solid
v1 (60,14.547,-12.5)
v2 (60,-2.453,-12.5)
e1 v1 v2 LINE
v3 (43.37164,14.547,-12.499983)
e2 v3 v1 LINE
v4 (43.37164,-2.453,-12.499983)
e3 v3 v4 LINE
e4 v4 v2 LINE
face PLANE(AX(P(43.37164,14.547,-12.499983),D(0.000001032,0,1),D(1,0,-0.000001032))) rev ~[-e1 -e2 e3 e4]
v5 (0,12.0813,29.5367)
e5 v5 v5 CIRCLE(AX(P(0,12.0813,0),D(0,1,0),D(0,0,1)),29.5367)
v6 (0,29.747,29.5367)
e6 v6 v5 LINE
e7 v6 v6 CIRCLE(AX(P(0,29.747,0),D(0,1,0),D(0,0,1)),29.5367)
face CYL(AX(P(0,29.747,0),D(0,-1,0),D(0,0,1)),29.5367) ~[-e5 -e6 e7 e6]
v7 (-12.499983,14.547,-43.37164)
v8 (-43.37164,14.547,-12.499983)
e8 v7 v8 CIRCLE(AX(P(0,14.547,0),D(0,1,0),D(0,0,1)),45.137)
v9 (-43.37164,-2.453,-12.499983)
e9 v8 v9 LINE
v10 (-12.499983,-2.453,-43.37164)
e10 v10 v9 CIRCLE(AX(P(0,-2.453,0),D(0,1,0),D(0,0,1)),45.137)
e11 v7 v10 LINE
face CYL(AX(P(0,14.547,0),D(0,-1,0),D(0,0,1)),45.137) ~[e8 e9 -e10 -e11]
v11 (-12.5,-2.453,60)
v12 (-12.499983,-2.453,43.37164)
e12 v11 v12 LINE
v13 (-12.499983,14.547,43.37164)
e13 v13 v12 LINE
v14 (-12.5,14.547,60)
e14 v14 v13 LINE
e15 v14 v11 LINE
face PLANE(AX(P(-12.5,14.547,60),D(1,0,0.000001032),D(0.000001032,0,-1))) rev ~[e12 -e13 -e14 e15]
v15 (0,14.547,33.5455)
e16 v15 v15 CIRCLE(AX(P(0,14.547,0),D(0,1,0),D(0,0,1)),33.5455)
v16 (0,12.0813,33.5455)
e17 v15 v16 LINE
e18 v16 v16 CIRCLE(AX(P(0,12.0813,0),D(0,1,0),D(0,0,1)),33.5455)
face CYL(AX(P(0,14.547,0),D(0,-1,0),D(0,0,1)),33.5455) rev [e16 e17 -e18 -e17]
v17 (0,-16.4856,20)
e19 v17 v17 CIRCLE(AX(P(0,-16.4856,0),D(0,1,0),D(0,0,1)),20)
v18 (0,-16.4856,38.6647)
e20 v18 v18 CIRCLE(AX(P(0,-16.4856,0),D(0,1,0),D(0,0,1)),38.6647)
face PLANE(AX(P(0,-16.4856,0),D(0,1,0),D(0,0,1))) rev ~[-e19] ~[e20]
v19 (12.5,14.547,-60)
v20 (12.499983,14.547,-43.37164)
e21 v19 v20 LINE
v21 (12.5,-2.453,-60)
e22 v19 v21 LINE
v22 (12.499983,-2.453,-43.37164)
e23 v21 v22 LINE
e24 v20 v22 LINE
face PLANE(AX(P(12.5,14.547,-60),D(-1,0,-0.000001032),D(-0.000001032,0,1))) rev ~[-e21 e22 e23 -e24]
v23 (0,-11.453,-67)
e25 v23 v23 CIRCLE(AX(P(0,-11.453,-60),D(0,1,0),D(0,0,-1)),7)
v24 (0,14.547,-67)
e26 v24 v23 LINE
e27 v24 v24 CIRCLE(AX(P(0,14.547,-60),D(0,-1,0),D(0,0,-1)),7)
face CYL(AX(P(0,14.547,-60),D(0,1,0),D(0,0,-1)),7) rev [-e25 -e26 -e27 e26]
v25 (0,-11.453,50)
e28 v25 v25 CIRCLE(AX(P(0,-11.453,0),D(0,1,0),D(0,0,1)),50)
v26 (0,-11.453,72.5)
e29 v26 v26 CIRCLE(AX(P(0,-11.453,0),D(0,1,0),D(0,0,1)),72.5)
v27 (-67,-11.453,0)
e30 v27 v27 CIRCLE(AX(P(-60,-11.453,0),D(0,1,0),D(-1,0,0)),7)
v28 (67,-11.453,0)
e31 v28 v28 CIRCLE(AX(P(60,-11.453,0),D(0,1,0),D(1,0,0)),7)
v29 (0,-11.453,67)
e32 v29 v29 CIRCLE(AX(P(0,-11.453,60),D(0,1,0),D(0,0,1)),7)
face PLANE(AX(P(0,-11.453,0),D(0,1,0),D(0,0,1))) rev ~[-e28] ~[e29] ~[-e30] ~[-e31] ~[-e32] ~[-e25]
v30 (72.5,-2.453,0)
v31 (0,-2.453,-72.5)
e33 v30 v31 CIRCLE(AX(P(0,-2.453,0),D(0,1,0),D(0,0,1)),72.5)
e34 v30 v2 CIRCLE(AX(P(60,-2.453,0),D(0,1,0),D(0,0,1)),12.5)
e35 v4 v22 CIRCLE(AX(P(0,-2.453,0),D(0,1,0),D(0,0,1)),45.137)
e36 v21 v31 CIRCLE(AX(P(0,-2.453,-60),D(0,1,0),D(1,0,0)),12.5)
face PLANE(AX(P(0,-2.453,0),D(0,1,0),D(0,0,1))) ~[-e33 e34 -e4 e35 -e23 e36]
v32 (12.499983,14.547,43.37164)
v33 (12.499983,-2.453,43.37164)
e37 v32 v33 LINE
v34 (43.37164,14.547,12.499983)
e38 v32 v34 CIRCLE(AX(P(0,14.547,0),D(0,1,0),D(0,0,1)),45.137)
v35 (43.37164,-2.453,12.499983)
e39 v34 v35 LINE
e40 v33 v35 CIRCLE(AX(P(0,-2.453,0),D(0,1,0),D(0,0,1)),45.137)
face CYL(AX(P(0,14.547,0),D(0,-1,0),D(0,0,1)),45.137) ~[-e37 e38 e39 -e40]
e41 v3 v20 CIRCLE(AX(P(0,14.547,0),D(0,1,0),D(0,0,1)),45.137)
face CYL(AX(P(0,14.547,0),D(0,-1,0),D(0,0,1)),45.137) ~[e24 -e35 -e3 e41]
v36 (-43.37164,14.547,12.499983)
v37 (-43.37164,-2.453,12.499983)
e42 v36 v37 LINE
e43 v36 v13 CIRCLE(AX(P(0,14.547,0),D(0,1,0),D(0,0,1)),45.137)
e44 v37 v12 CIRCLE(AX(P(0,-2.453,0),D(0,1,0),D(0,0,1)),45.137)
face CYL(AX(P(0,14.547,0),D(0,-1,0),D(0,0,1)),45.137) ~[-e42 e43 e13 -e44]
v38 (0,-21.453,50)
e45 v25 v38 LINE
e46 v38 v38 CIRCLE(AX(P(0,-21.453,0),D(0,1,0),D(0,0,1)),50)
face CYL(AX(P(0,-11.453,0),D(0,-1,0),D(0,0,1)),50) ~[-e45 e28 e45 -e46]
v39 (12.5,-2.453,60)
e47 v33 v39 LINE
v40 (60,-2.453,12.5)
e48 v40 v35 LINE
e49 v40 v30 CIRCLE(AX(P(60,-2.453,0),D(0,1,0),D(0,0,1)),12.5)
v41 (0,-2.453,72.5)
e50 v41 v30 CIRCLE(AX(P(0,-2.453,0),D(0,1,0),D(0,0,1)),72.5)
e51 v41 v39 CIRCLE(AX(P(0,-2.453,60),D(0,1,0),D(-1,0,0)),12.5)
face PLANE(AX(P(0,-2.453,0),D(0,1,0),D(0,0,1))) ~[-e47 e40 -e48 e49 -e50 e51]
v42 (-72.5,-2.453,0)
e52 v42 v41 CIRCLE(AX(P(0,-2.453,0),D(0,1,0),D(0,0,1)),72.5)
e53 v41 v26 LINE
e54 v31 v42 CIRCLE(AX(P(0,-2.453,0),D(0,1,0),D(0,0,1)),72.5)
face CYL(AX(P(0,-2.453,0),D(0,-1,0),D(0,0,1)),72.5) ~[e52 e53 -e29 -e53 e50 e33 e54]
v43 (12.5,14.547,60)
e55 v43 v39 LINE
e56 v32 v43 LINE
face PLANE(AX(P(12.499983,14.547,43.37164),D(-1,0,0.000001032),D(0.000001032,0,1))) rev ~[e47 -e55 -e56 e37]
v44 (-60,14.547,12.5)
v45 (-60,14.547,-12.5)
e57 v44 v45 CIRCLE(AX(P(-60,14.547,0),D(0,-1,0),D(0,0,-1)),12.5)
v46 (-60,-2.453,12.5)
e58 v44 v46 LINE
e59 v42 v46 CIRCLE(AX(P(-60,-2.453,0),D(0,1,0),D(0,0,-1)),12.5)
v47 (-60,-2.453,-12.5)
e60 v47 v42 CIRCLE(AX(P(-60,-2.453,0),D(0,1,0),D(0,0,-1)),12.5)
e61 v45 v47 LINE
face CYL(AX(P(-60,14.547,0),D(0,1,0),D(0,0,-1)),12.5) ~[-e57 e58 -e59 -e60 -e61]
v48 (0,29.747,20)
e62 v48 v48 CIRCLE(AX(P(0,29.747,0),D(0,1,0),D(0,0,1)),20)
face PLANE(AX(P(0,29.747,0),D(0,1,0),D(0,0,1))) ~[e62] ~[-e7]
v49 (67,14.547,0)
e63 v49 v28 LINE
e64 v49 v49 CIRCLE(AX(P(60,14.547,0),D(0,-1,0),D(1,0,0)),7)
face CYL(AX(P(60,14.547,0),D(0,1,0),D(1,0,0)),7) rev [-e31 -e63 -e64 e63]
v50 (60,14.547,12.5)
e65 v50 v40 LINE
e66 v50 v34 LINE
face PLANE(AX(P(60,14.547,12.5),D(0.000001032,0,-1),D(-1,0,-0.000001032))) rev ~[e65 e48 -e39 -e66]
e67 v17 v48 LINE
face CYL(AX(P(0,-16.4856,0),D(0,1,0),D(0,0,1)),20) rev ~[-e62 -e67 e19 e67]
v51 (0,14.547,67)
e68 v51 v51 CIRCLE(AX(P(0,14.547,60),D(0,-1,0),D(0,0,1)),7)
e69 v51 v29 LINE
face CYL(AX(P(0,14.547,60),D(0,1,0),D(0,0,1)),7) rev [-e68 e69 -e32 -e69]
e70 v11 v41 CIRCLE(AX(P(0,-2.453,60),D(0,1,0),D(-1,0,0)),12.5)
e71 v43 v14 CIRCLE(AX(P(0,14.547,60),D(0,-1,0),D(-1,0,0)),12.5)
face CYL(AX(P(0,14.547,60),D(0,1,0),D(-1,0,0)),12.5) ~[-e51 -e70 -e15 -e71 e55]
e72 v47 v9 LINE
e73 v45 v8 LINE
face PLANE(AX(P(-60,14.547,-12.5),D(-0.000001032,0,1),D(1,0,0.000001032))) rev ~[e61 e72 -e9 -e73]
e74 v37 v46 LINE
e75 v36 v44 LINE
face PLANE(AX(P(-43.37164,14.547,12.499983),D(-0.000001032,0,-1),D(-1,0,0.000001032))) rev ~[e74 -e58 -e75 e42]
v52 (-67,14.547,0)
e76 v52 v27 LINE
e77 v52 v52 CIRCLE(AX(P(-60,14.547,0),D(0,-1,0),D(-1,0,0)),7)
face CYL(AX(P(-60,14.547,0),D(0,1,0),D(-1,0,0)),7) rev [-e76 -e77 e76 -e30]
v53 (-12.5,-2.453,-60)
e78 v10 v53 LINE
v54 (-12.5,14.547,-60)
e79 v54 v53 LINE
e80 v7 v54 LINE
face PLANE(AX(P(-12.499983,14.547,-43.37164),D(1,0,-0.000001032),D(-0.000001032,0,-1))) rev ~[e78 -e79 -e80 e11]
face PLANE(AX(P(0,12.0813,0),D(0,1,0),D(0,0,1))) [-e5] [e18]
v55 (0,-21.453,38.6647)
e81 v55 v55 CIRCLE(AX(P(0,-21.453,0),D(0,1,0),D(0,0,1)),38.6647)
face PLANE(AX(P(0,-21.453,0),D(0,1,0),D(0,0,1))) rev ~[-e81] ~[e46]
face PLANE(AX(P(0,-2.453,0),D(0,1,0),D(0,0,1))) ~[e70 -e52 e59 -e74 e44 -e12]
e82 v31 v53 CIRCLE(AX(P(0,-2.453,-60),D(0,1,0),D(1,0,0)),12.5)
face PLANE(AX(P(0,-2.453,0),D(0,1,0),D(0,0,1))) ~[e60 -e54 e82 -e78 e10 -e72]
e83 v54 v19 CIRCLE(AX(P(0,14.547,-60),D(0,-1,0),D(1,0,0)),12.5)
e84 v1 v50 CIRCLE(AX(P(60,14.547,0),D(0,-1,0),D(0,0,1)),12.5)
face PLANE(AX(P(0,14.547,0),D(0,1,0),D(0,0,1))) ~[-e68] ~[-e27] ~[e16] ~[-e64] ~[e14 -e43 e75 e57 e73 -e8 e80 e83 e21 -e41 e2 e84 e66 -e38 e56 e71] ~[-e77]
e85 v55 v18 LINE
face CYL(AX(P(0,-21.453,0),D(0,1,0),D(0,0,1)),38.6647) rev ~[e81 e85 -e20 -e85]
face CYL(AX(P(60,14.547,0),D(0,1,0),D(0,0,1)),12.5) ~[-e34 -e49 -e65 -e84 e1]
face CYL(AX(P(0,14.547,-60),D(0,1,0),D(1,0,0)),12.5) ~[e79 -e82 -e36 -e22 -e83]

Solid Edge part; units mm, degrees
sketch "Sketch1" plane through (0, 0, 0) normal (1, 0, 0) x (0, 1, 0)
  line L0 (-16.4856, 20) -> (29.747, 20)
  line L1 (29.747, 20) -> (29.747, 29.5367)
  line L2 (29.747, 29.5367) -> (12.0813, 29.5367)
  line L3 (12.0813, 33.5455) -> (12.0813, 29.5367)
  line L4 (14.547, 33.5455) -> (12.0813, 33.5455)
  line L5 (14.547, 33.5455) -> (14.547, 45.137)
  line L6 (14.547, 45.137) -> (-2.453, 45.137)
  line L7 (-2.453, 45.137) -> (-2.453, 72.5)
  line L8 (-2.453, 72.5) -> (-11.453, 72.5)
  line L9 (-11.453, 72.5) -> (-11.453, 50)
  line L10 (-11.453, 50) -> (-21.453, 50)
  line L11 (-21.453, 50) -> (-21.453, 38.6647)
  line L12 (-21.453, 38.6647) -> (-16.4856, 38.6647)
  line L13 (-16.4856, 38.6647) -> (-16.4856, 20)
  dimension "D1" = 10
  dimension "D2" = 9
  dimension "D3" = 26
  dimension "D4" = 41.2
revolve "RevolvedProtrusion1" add sketch "Sketch1" angle 360 about axis through (0, -60, 0) along (0, 1, 0)
sketch "Sketch2" plane through (0, 14.547, 0) normal (0, 1, 0) x (-1, 0, 0)
  line L0 (-12.5, 43.3717) -> (-12.5, 60)
  arc A0 (-12.5, 60) -> (12.5, 60) centre (0, 60) cw
  line L1 (12.5, 60) -> (12.5, 43.3717)
  arc A1 (-12.5, 43.3717) -> (12.5, 43.3717) centre (0, 0) cw
extrude "Protrusion1" add sketch "Sketch2" against normal up to next
hole "Hole1" at (0, 14.547, 60) direction (0, -1, 0) diameter 14 end up to next
pattern_circular "Pattern1" count 4 over 360 about axis through (0, 0, 0) along (0, 1, 0) of "Protrusion1"
pattern_circular "Pattern2" count 4 over 360 about axis through (0, 14.547, 0) along (0, -1, 0) of "Hole1"
